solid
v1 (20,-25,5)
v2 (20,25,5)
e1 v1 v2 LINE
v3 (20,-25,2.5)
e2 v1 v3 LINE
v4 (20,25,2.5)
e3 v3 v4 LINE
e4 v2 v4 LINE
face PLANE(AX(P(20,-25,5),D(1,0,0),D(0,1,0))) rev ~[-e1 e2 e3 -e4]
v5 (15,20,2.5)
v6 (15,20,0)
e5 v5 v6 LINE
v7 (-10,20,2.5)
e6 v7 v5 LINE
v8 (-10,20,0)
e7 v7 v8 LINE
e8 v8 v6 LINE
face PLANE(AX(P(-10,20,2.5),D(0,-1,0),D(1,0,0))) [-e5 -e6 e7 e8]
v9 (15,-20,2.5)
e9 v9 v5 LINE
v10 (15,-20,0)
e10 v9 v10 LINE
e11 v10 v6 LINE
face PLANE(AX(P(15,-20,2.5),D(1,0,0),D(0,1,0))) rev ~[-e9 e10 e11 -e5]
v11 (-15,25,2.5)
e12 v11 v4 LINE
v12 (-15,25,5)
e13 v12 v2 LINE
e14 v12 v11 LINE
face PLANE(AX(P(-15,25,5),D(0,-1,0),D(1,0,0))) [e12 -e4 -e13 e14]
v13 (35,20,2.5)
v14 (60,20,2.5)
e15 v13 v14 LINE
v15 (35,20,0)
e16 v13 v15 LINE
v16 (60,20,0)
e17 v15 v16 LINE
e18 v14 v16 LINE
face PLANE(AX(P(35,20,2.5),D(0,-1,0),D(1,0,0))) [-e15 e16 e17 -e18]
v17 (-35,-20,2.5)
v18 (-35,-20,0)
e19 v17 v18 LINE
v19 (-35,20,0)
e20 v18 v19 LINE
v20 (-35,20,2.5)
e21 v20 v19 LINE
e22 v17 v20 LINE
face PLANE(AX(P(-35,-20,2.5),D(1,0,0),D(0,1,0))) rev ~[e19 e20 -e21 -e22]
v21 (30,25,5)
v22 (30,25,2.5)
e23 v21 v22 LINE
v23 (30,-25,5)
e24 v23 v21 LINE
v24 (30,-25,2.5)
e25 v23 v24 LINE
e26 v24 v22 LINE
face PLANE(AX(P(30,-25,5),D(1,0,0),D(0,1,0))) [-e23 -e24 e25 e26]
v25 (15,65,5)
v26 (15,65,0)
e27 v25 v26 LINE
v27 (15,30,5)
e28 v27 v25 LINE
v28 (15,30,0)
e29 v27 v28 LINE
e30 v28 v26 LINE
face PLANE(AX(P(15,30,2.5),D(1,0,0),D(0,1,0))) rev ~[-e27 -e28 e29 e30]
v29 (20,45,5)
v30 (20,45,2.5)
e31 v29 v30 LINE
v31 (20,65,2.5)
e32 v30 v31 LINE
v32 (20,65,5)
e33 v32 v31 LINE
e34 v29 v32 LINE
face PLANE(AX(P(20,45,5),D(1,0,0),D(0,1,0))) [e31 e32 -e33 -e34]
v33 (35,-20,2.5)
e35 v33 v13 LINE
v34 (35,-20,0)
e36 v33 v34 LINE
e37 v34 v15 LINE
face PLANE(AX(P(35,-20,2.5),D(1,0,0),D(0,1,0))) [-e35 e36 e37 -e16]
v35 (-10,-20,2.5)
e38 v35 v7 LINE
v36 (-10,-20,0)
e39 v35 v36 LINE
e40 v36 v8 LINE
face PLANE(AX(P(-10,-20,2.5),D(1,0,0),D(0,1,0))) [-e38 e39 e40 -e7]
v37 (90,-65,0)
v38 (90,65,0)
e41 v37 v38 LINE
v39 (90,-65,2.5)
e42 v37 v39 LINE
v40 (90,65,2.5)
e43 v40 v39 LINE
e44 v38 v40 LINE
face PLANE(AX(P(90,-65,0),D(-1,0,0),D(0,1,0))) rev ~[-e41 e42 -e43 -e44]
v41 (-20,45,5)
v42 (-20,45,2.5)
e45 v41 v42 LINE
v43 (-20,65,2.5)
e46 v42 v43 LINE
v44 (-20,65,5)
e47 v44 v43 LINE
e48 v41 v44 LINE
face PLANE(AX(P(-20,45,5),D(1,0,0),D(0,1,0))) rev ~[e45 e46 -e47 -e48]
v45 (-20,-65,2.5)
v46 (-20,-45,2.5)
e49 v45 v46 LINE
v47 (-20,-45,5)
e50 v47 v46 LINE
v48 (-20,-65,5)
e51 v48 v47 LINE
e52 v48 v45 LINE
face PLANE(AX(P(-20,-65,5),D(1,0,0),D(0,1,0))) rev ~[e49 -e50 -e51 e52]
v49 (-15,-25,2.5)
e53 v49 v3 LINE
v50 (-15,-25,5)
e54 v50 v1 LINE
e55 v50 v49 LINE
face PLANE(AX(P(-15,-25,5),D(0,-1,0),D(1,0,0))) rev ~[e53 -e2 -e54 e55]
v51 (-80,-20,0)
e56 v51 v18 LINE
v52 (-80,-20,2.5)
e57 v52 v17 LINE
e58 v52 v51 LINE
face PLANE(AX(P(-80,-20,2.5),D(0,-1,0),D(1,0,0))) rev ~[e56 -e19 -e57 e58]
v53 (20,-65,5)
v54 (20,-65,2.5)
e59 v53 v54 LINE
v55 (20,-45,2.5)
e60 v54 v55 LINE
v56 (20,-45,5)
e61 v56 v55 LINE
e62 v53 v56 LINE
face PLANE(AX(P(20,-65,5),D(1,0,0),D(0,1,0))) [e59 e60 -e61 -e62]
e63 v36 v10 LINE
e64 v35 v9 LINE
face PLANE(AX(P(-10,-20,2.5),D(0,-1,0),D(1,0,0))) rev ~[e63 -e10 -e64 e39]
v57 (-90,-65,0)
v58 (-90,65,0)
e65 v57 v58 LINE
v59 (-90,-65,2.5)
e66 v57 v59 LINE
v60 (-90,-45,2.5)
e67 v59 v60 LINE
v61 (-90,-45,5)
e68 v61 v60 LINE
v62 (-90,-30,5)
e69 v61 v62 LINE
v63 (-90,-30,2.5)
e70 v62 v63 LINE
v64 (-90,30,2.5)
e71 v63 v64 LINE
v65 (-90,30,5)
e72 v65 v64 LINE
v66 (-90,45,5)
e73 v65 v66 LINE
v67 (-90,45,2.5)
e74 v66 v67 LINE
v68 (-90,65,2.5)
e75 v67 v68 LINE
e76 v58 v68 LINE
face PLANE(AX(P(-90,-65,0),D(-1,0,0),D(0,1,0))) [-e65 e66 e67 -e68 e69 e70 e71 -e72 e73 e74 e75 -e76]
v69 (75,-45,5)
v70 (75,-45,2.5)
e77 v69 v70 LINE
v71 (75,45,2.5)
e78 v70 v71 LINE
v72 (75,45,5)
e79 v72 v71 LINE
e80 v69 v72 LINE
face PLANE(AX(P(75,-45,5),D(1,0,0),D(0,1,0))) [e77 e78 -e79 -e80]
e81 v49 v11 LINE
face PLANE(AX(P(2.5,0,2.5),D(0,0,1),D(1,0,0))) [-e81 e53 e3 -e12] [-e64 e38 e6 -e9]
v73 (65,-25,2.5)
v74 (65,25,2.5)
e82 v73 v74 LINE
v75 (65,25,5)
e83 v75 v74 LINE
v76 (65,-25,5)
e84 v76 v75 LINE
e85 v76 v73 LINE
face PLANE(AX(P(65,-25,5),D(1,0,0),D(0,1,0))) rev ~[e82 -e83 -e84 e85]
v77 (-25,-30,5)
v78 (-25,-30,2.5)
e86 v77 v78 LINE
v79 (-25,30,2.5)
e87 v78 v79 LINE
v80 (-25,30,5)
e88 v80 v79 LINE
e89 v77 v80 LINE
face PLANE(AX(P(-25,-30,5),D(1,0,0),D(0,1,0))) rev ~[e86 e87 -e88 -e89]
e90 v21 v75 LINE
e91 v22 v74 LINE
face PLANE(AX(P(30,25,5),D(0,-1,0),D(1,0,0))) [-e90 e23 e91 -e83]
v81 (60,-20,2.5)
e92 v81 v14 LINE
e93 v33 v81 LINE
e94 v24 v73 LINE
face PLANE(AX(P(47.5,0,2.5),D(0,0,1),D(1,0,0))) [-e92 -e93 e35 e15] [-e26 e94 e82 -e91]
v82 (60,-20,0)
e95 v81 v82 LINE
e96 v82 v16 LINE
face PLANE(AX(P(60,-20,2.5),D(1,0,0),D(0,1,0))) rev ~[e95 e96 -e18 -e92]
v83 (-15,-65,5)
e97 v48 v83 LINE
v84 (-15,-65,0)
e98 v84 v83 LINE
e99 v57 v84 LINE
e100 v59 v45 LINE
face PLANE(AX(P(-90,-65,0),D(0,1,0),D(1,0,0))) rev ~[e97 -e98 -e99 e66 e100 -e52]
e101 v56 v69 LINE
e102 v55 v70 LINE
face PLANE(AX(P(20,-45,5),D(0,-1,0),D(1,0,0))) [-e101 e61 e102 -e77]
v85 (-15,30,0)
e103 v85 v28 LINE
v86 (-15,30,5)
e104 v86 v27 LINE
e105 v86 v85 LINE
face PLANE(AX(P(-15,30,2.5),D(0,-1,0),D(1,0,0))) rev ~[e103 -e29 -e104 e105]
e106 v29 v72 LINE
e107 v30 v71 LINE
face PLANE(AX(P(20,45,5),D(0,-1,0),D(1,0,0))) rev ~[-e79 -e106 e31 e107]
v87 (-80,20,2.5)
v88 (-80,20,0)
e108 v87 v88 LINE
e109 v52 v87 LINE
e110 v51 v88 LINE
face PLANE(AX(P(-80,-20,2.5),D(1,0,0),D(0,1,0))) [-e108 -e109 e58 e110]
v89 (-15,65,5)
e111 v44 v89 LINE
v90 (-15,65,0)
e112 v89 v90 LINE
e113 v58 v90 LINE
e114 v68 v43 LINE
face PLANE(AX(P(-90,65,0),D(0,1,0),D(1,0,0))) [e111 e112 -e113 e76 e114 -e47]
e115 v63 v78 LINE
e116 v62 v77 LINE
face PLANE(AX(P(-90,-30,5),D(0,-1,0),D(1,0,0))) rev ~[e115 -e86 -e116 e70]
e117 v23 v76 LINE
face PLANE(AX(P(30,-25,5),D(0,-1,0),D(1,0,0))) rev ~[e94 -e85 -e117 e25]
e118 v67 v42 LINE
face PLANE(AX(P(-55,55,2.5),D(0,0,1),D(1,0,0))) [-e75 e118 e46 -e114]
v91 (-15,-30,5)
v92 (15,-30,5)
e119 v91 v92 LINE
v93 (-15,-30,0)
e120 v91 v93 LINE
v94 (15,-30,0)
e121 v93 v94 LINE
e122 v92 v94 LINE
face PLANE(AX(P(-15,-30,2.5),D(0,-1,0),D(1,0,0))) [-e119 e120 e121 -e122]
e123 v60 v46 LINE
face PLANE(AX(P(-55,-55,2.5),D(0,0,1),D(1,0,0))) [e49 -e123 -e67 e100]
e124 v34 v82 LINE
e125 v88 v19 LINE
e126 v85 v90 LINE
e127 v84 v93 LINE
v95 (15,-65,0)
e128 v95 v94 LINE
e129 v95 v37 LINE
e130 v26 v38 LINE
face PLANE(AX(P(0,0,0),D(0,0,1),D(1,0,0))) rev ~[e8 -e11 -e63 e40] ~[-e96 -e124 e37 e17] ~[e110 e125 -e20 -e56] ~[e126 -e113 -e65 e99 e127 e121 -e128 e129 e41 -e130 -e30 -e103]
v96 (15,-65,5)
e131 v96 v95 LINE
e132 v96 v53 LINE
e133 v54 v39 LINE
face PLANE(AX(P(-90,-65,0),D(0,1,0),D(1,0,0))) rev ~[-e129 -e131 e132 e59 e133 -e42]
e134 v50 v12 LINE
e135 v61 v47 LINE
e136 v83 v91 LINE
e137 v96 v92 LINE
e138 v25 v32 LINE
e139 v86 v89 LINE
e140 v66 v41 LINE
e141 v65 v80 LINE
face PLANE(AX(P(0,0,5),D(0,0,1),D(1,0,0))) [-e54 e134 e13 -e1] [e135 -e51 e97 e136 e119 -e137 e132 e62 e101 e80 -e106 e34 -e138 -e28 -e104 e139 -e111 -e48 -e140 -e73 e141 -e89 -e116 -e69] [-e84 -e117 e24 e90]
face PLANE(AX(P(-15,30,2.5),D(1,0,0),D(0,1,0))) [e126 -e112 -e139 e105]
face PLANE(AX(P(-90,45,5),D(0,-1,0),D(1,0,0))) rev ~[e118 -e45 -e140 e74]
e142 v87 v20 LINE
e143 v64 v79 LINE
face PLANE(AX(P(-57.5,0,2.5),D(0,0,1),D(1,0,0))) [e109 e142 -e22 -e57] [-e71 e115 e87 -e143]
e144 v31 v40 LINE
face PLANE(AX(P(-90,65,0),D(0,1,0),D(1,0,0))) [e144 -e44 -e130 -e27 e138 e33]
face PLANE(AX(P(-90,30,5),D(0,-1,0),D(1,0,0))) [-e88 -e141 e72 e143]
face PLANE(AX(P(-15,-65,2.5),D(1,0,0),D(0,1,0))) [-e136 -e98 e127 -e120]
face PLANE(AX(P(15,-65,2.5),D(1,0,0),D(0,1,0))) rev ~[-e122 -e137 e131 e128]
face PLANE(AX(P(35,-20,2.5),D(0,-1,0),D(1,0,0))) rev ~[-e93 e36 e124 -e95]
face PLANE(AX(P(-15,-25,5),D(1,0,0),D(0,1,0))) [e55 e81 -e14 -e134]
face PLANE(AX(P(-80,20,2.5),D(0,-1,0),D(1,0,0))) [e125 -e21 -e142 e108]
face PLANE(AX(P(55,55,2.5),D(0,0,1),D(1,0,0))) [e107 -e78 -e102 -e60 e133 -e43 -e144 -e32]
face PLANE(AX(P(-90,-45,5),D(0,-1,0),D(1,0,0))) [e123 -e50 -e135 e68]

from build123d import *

# Parameters (mm, degrees)
SKETCH1_W               = 180
SKETCH1_H               = 130
BOSS_EXTRUDE1_DEPTH     = 5
SKETCH2_W               = 70
SKETCH2_H               = 20
CUT_EXTRUDE1_DEPTH      = 2.5
SKETCH3_W               = 65
SKETCH3_H               = 60
SKETCH3_W_2             = 35
SKETCH3_H_2             = 50
CUT_EXTRUDE2_DEPTH      = 2.5
SKETCH4_W               = 30
SKETCH4_H               = 35
SKETCH4_W_2             = 45
SKETCH4_H_2             = 40
SKETCH4_W_3             = 25
CUT_EXTRUDE3_DEPTH      = 2.5
CUT_EXTRUDE3_DEPTH_BACK = 3.5
SKETCH5_W               = 15
SKETCH5_H               = 90
CUT_EXTRUDE4_DEPTH      = 2.5


with BuildPart() as part:
    # Sketch1 → Boss-Extrude1 (new body)
    with BuildSketch(Plane.XY):
        Rectangle(SKETCH1_W, SKETCH1_H)
    extrude(amount=BOSS_EXTRUDE1_DEPTH)

    # Sketch2 → Cut-Extrude1 (cut)
    with BuildSketch(Plane.XY.offset(5)):
        with Locations((-55, 55)):
            Rectangle(SKETCH2_W, SKETCH2_H)
        with Locations((55, 55)):
            Rectangle(SKETCH2_W, SKETCH2_H)
        with Locations((55, -55)):
            Rectangle(SKETCH2_W, SKETCH2_H)
        with Locations((-55, -55)):
            Rectangle(SKETCH2_W, SKETCH2_H)
    extrude(amount=-CUT_EXTRUDE1_DEPTH, mode=Mode.SUBTRACT)

    # Sketch3 → Cut-Extrude2 (cut)
    with BuildSketch(Plane.XY.offset(5)):
        with Locations((-57.5, 0)):
            Rectangle(SKETCH3_W, SKETCH3_H)
        with Locations((2.5, 0)):
            Rectangle(SKETCH3_W_2, SKETCH3_H_2)
        with Locations((47.5, 0)):
            Rectangle(SKETCH3_W_2, SKETCH3_H_2)
    extrude(amount=-CUT_EXTRUDE2_DEPTH, mode=Mode.SUBTRACT)

    # Sketch4 → Cut-Extrude3 (cut, two sides)
    with BuildSketch(Plane.XY.offset(2.5)) as cut_extrude3_sk:
        with Locations((0, 47.5)):
            Rectangle(SKETCH4_W, SKETCH4_H)
        with Locations((0, -47.5)):
            Rectangle(SKETCH4_W, SKETCH4_H)
        with Locations((-57.5, 0)):
            Rectangle(SKETCH4_W_2, SKETCH4_H_2)
        with Locations((47.5, 0)):
            Rectangle(SKETCH4_W_3, SKETCH4_H_2)
        with Locations((2.5, 0)):
            Rectangle(SKETCH4_W_3, SKETCH4_H_2)
    extrude(amount=CUT_EXTRUDE3_DEPTH, mode=Mode.SUBTRACT)
    extrude(cut_extrude3_sk.sketch, amount=-CUT_EXTRUDE3_DEPTH_BACK, mode=Mode.SUBTRACT)

    # Sketch5 → Cut-Extrude4 (cut)
    with BuildSketch(Plane.XY.offset(5)):
        with Locations((82.5, 0)):
            Rectangle(SKETCH5_W, SKETCH5_H)
    extrude(amount=-CUT_EXTRUDE4_DEPTH, mode=Mode.SUBTRACT)


solid = part.part
